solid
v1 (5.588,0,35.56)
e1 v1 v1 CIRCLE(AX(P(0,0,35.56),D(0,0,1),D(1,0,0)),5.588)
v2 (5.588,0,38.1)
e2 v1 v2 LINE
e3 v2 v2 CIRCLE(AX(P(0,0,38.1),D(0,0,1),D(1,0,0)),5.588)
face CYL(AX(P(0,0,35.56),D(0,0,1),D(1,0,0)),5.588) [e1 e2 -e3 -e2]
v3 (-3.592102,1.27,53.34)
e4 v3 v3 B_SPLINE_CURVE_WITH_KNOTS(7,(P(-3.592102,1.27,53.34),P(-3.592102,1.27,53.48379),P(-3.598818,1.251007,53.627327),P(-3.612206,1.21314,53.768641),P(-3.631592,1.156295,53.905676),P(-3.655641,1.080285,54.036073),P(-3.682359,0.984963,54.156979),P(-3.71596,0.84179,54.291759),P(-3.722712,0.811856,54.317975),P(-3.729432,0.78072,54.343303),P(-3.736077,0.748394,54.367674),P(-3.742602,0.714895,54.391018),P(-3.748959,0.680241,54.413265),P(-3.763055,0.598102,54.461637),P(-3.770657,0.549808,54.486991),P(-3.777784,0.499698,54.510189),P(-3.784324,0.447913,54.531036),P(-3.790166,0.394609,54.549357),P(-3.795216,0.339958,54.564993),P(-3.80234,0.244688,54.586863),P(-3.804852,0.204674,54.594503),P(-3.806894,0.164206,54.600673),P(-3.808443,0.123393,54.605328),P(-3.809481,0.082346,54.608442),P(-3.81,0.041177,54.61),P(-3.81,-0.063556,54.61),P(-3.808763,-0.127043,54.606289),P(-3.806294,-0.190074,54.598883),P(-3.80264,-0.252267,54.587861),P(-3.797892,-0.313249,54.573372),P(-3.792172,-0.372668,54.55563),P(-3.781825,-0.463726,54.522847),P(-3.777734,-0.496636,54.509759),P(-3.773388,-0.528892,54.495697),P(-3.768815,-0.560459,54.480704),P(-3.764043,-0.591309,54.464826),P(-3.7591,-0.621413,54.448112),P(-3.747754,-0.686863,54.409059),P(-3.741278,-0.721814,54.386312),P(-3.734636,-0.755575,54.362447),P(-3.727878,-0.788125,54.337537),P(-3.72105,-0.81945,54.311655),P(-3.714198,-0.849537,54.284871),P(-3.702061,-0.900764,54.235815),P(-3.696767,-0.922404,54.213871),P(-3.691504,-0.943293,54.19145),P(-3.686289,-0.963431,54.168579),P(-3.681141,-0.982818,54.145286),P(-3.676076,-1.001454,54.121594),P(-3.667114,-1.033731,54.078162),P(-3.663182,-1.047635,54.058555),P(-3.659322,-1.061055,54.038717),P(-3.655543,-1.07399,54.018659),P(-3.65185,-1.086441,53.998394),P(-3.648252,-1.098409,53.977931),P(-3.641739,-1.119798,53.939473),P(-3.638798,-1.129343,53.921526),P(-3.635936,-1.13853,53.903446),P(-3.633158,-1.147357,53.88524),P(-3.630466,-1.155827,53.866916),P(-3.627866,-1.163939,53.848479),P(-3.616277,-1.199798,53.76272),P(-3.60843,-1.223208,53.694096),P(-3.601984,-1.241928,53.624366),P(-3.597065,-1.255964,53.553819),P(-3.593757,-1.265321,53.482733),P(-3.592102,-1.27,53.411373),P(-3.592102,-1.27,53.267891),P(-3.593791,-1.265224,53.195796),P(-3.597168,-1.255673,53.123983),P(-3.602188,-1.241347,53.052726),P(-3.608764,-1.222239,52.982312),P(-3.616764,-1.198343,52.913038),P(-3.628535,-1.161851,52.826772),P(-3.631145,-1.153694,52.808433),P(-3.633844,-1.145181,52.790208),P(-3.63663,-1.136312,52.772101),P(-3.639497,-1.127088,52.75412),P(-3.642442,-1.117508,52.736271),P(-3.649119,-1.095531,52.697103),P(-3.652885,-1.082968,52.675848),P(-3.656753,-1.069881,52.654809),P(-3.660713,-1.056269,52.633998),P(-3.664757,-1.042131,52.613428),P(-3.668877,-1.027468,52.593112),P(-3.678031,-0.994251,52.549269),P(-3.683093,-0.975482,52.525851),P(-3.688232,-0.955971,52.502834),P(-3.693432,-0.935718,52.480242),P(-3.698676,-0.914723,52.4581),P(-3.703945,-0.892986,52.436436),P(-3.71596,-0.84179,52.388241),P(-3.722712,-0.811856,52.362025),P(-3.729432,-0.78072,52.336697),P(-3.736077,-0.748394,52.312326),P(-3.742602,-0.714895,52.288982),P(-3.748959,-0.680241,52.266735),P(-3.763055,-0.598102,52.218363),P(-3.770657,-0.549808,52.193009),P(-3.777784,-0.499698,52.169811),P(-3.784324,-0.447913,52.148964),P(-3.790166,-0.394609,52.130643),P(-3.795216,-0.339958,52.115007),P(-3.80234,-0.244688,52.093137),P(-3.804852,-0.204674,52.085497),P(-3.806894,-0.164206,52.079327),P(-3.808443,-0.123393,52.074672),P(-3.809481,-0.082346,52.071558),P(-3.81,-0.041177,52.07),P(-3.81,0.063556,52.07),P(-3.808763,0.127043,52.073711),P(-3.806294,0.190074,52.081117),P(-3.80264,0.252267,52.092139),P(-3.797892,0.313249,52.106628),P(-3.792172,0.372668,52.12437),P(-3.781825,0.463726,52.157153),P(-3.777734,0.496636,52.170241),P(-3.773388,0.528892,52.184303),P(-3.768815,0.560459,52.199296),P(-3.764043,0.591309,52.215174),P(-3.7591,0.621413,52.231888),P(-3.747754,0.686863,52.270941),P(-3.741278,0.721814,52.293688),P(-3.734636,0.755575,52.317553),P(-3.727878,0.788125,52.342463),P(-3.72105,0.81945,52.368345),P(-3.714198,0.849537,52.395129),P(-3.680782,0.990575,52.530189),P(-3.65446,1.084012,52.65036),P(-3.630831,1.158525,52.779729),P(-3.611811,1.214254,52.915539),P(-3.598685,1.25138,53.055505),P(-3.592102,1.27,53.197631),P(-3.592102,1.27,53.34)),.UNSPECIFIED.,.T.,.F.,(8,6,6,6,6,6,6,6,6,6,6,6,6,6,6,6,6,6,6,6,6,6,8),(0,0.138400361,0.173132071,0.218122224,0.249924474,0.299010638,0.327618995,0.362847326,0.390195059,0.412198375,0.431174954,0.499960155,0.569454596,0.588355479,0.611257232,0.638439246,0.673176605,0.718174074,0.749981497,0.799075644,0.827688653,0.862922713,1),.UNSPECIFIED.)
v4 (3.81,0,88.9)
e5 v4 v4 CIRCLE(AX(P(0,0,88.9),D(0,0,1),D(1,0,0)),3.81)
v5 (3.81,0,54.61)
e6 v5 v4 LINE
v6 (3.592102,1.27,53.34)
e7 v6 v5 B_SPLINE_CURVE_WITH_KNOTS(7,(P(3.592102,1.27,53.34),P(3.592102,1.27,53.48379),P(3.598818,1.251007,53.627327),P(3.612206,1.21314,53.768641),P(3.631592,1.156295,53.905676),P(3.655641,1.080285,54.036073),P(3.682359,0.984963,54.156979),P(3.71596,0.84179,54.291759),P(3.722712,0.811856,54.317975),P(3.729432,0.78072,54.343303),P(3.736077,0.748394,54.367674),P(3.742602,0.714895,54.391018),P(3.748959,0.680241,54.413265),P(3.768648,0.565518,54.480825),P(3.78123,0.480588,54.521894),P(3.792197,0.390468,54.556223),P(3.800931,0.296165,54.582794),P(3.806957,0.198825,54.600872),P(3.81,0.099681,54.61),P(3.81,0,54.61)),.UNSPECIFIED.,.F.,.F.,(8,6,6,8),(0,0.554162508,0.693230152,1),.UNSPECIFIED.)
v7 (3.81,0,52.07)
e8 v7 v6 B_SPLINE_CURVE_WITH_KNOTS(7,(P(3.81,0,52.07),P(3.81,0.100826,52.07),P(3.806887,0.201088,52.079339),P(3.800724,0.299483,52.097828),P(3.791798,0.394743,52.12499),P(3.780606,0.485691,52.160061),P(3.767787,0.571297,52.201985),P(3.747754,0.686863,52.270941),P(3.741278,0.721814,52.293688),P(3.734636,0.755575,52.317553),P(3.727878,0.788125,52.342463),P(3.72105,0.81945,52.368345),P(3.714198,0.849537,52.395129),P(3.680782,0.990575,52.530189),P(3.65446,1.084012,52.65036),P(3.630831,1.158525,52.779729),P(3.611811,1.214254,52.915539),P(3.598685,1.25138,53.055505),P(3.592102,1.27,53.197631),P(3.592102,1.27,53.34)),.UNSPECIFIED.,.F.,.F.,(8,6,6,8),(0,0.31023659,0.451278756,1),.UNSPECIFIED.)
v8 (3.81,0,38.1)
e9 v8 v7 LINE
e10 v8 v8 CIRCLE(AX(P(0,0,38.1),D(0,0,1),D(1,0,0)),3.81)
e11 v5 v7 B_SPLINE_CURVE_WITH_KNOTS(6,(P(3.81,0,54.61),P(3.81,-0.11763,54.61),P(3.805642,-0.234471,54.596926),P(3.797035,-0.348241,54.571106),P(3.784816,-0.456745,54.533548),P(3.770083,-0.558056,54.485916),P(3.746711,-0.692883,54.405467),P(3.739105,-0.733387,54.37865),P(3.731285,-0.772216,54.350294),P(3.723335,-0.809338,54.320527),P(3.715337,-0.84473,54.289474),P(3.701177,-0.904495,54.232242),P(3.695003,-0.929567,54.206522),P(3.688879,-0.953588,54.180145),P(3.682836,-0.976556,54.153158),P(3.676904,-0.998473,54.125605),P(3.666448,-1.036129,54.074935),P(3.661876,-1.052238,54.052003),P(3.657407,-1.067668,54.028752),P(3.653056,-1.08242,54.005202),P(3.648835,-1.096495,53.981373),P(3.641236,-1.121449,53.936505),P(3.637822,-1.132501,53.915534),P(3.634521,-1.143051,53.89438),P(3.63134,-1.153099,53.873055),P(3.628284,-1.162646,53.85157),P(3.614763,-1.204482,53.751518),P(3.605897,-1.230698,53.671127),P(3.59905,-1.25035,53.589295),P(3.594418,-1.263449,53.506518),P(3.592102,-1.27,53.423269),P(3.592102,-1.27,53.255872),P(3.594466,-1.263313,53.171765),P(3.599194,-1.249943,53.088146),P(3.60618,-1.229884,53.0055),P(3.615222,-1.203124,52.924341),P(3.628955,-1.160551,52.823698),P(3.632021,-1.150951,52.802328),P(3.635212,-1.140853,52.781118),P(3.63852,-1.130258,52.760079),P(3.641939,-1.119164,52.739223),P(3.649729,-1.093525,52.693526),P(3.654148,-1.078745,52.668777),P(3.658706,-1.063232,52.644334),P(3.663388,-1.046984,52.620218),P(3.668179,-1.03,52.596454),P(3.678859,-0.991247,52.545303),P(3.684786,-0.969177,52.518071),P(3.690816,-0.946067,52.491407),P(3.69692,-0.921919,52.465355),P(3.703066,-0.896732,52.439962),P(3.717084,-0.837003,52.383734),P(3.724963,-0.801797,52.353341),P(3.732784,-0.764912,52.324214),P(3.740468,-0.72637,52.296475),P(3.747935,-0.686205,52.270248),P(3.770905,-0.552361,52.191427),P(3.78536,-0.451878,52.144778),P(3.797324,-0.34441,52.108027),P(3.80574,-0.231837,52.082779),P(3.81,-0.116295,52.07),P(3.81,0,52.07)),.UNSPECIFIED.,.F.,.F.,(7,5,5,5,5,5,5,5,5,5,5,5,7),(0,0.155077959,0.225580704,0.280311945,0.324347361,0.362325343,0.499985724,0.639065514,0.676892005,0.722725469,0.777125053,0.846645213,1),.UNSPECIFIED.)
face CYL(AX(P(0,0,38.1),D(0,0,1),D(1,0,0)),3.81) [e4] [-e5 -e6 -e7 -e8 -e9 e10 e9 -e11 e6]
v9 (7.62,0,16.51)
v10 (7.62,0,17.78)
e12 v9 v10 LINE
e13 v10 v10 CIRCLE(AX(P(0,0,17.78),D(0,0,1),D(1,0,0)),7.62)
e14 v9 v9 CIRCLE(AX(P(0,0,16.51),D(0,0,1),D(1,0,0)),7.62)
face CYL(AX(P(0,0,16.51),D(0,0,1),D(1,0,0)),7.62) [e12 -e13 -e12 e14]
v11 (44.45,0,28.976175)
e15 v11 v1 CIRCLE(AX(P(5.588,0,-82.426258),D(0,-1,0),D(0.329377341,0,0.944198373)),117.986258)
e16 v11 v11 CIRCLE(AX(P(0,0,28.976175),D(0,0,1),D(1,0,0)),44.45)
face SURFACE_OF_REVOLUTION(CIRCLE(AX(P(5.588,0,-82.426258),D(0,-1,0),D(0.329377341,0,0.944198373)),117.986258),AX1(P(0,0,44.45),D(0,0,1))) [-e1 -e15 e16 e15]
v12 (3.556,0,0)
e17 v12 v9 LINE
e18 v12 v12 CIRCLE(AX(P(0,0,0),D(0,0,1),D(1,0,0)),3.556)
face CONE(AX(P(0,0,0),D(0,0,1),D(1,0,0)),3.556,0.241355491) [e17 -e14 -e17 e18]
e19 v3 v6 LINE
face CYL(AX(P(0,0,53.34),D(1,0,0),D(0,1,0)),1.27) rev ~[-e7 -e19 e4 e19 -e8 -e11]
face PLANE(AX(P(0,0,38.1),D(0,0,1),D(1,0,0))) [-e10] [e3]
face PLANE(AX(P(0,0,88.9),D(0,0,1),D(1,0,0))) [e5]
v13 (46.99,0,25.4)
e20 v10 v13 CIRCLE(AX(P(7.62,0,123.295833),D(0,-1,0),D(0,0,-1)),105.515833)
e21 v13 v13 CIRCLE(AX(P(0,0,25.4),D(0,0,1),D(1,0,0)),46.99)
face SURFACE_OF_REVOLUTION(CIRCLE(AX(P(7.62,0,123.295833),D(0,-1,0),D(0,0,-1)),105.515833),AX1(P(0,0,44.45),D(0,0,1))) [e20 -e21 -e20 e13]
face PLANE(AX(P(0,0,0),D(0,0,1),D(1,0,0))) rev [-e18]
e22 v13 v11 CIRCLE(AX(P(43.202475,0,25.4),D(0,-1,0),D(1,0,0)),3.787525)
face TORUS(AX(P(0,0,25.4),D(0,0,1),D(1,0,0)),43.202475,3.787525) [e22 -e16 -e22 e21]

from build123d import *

# Parameters (mm, degrees)
F2_R     = 1.27
F3_DEPTH = 12.7


with BuildPart() as f1:
    # F0 (on Front) → F1 (revolve)
    with BuildSketch(Plane.XZ):
        with BuildLine():
            Line((0, 88.9), (0, 0))
            Line((0, 0), (3.556, 0))
            Line((3.556, 0), (7.62, 16.51))
            Line((7.62, 16.51), (7.62, 17.78))
            ThreePointArc((7.62, 17.78), (27.6703198229, 19.7025142484), (46.99, 25.4))
            ThreePointArc((46.99, 25.4), (46.2903851118, 27.5932069174), (44.45, 28.9761748182))
            ThreePointArc((44.45, 28.9761748182), (25.2958778539, 33.9023998131), (5.588, 35.56))
            Line((5.588, 35.56), (5.588, 38.1))
            Line((5.588, 38.1), (3.81, 38.1))
            Line((3.81, 38.1), (3.81, 88.9))
            Line((3.81, 88.9), (0, 88.9))
        make_face()
    revolve(axis=Axis((0, 0, 44.45), (0, 0, 1)))

    # F2 (on Right) → F3 (cut, symmetric)
    with BuildSketch(Plane.YZ):
        with Locations((0, 53.34)):
            Circle(F2_R)
    extrude(amount=F3_DEPTH, both=True, mode=Mode.SUBTRACT)


solid = f1.part
